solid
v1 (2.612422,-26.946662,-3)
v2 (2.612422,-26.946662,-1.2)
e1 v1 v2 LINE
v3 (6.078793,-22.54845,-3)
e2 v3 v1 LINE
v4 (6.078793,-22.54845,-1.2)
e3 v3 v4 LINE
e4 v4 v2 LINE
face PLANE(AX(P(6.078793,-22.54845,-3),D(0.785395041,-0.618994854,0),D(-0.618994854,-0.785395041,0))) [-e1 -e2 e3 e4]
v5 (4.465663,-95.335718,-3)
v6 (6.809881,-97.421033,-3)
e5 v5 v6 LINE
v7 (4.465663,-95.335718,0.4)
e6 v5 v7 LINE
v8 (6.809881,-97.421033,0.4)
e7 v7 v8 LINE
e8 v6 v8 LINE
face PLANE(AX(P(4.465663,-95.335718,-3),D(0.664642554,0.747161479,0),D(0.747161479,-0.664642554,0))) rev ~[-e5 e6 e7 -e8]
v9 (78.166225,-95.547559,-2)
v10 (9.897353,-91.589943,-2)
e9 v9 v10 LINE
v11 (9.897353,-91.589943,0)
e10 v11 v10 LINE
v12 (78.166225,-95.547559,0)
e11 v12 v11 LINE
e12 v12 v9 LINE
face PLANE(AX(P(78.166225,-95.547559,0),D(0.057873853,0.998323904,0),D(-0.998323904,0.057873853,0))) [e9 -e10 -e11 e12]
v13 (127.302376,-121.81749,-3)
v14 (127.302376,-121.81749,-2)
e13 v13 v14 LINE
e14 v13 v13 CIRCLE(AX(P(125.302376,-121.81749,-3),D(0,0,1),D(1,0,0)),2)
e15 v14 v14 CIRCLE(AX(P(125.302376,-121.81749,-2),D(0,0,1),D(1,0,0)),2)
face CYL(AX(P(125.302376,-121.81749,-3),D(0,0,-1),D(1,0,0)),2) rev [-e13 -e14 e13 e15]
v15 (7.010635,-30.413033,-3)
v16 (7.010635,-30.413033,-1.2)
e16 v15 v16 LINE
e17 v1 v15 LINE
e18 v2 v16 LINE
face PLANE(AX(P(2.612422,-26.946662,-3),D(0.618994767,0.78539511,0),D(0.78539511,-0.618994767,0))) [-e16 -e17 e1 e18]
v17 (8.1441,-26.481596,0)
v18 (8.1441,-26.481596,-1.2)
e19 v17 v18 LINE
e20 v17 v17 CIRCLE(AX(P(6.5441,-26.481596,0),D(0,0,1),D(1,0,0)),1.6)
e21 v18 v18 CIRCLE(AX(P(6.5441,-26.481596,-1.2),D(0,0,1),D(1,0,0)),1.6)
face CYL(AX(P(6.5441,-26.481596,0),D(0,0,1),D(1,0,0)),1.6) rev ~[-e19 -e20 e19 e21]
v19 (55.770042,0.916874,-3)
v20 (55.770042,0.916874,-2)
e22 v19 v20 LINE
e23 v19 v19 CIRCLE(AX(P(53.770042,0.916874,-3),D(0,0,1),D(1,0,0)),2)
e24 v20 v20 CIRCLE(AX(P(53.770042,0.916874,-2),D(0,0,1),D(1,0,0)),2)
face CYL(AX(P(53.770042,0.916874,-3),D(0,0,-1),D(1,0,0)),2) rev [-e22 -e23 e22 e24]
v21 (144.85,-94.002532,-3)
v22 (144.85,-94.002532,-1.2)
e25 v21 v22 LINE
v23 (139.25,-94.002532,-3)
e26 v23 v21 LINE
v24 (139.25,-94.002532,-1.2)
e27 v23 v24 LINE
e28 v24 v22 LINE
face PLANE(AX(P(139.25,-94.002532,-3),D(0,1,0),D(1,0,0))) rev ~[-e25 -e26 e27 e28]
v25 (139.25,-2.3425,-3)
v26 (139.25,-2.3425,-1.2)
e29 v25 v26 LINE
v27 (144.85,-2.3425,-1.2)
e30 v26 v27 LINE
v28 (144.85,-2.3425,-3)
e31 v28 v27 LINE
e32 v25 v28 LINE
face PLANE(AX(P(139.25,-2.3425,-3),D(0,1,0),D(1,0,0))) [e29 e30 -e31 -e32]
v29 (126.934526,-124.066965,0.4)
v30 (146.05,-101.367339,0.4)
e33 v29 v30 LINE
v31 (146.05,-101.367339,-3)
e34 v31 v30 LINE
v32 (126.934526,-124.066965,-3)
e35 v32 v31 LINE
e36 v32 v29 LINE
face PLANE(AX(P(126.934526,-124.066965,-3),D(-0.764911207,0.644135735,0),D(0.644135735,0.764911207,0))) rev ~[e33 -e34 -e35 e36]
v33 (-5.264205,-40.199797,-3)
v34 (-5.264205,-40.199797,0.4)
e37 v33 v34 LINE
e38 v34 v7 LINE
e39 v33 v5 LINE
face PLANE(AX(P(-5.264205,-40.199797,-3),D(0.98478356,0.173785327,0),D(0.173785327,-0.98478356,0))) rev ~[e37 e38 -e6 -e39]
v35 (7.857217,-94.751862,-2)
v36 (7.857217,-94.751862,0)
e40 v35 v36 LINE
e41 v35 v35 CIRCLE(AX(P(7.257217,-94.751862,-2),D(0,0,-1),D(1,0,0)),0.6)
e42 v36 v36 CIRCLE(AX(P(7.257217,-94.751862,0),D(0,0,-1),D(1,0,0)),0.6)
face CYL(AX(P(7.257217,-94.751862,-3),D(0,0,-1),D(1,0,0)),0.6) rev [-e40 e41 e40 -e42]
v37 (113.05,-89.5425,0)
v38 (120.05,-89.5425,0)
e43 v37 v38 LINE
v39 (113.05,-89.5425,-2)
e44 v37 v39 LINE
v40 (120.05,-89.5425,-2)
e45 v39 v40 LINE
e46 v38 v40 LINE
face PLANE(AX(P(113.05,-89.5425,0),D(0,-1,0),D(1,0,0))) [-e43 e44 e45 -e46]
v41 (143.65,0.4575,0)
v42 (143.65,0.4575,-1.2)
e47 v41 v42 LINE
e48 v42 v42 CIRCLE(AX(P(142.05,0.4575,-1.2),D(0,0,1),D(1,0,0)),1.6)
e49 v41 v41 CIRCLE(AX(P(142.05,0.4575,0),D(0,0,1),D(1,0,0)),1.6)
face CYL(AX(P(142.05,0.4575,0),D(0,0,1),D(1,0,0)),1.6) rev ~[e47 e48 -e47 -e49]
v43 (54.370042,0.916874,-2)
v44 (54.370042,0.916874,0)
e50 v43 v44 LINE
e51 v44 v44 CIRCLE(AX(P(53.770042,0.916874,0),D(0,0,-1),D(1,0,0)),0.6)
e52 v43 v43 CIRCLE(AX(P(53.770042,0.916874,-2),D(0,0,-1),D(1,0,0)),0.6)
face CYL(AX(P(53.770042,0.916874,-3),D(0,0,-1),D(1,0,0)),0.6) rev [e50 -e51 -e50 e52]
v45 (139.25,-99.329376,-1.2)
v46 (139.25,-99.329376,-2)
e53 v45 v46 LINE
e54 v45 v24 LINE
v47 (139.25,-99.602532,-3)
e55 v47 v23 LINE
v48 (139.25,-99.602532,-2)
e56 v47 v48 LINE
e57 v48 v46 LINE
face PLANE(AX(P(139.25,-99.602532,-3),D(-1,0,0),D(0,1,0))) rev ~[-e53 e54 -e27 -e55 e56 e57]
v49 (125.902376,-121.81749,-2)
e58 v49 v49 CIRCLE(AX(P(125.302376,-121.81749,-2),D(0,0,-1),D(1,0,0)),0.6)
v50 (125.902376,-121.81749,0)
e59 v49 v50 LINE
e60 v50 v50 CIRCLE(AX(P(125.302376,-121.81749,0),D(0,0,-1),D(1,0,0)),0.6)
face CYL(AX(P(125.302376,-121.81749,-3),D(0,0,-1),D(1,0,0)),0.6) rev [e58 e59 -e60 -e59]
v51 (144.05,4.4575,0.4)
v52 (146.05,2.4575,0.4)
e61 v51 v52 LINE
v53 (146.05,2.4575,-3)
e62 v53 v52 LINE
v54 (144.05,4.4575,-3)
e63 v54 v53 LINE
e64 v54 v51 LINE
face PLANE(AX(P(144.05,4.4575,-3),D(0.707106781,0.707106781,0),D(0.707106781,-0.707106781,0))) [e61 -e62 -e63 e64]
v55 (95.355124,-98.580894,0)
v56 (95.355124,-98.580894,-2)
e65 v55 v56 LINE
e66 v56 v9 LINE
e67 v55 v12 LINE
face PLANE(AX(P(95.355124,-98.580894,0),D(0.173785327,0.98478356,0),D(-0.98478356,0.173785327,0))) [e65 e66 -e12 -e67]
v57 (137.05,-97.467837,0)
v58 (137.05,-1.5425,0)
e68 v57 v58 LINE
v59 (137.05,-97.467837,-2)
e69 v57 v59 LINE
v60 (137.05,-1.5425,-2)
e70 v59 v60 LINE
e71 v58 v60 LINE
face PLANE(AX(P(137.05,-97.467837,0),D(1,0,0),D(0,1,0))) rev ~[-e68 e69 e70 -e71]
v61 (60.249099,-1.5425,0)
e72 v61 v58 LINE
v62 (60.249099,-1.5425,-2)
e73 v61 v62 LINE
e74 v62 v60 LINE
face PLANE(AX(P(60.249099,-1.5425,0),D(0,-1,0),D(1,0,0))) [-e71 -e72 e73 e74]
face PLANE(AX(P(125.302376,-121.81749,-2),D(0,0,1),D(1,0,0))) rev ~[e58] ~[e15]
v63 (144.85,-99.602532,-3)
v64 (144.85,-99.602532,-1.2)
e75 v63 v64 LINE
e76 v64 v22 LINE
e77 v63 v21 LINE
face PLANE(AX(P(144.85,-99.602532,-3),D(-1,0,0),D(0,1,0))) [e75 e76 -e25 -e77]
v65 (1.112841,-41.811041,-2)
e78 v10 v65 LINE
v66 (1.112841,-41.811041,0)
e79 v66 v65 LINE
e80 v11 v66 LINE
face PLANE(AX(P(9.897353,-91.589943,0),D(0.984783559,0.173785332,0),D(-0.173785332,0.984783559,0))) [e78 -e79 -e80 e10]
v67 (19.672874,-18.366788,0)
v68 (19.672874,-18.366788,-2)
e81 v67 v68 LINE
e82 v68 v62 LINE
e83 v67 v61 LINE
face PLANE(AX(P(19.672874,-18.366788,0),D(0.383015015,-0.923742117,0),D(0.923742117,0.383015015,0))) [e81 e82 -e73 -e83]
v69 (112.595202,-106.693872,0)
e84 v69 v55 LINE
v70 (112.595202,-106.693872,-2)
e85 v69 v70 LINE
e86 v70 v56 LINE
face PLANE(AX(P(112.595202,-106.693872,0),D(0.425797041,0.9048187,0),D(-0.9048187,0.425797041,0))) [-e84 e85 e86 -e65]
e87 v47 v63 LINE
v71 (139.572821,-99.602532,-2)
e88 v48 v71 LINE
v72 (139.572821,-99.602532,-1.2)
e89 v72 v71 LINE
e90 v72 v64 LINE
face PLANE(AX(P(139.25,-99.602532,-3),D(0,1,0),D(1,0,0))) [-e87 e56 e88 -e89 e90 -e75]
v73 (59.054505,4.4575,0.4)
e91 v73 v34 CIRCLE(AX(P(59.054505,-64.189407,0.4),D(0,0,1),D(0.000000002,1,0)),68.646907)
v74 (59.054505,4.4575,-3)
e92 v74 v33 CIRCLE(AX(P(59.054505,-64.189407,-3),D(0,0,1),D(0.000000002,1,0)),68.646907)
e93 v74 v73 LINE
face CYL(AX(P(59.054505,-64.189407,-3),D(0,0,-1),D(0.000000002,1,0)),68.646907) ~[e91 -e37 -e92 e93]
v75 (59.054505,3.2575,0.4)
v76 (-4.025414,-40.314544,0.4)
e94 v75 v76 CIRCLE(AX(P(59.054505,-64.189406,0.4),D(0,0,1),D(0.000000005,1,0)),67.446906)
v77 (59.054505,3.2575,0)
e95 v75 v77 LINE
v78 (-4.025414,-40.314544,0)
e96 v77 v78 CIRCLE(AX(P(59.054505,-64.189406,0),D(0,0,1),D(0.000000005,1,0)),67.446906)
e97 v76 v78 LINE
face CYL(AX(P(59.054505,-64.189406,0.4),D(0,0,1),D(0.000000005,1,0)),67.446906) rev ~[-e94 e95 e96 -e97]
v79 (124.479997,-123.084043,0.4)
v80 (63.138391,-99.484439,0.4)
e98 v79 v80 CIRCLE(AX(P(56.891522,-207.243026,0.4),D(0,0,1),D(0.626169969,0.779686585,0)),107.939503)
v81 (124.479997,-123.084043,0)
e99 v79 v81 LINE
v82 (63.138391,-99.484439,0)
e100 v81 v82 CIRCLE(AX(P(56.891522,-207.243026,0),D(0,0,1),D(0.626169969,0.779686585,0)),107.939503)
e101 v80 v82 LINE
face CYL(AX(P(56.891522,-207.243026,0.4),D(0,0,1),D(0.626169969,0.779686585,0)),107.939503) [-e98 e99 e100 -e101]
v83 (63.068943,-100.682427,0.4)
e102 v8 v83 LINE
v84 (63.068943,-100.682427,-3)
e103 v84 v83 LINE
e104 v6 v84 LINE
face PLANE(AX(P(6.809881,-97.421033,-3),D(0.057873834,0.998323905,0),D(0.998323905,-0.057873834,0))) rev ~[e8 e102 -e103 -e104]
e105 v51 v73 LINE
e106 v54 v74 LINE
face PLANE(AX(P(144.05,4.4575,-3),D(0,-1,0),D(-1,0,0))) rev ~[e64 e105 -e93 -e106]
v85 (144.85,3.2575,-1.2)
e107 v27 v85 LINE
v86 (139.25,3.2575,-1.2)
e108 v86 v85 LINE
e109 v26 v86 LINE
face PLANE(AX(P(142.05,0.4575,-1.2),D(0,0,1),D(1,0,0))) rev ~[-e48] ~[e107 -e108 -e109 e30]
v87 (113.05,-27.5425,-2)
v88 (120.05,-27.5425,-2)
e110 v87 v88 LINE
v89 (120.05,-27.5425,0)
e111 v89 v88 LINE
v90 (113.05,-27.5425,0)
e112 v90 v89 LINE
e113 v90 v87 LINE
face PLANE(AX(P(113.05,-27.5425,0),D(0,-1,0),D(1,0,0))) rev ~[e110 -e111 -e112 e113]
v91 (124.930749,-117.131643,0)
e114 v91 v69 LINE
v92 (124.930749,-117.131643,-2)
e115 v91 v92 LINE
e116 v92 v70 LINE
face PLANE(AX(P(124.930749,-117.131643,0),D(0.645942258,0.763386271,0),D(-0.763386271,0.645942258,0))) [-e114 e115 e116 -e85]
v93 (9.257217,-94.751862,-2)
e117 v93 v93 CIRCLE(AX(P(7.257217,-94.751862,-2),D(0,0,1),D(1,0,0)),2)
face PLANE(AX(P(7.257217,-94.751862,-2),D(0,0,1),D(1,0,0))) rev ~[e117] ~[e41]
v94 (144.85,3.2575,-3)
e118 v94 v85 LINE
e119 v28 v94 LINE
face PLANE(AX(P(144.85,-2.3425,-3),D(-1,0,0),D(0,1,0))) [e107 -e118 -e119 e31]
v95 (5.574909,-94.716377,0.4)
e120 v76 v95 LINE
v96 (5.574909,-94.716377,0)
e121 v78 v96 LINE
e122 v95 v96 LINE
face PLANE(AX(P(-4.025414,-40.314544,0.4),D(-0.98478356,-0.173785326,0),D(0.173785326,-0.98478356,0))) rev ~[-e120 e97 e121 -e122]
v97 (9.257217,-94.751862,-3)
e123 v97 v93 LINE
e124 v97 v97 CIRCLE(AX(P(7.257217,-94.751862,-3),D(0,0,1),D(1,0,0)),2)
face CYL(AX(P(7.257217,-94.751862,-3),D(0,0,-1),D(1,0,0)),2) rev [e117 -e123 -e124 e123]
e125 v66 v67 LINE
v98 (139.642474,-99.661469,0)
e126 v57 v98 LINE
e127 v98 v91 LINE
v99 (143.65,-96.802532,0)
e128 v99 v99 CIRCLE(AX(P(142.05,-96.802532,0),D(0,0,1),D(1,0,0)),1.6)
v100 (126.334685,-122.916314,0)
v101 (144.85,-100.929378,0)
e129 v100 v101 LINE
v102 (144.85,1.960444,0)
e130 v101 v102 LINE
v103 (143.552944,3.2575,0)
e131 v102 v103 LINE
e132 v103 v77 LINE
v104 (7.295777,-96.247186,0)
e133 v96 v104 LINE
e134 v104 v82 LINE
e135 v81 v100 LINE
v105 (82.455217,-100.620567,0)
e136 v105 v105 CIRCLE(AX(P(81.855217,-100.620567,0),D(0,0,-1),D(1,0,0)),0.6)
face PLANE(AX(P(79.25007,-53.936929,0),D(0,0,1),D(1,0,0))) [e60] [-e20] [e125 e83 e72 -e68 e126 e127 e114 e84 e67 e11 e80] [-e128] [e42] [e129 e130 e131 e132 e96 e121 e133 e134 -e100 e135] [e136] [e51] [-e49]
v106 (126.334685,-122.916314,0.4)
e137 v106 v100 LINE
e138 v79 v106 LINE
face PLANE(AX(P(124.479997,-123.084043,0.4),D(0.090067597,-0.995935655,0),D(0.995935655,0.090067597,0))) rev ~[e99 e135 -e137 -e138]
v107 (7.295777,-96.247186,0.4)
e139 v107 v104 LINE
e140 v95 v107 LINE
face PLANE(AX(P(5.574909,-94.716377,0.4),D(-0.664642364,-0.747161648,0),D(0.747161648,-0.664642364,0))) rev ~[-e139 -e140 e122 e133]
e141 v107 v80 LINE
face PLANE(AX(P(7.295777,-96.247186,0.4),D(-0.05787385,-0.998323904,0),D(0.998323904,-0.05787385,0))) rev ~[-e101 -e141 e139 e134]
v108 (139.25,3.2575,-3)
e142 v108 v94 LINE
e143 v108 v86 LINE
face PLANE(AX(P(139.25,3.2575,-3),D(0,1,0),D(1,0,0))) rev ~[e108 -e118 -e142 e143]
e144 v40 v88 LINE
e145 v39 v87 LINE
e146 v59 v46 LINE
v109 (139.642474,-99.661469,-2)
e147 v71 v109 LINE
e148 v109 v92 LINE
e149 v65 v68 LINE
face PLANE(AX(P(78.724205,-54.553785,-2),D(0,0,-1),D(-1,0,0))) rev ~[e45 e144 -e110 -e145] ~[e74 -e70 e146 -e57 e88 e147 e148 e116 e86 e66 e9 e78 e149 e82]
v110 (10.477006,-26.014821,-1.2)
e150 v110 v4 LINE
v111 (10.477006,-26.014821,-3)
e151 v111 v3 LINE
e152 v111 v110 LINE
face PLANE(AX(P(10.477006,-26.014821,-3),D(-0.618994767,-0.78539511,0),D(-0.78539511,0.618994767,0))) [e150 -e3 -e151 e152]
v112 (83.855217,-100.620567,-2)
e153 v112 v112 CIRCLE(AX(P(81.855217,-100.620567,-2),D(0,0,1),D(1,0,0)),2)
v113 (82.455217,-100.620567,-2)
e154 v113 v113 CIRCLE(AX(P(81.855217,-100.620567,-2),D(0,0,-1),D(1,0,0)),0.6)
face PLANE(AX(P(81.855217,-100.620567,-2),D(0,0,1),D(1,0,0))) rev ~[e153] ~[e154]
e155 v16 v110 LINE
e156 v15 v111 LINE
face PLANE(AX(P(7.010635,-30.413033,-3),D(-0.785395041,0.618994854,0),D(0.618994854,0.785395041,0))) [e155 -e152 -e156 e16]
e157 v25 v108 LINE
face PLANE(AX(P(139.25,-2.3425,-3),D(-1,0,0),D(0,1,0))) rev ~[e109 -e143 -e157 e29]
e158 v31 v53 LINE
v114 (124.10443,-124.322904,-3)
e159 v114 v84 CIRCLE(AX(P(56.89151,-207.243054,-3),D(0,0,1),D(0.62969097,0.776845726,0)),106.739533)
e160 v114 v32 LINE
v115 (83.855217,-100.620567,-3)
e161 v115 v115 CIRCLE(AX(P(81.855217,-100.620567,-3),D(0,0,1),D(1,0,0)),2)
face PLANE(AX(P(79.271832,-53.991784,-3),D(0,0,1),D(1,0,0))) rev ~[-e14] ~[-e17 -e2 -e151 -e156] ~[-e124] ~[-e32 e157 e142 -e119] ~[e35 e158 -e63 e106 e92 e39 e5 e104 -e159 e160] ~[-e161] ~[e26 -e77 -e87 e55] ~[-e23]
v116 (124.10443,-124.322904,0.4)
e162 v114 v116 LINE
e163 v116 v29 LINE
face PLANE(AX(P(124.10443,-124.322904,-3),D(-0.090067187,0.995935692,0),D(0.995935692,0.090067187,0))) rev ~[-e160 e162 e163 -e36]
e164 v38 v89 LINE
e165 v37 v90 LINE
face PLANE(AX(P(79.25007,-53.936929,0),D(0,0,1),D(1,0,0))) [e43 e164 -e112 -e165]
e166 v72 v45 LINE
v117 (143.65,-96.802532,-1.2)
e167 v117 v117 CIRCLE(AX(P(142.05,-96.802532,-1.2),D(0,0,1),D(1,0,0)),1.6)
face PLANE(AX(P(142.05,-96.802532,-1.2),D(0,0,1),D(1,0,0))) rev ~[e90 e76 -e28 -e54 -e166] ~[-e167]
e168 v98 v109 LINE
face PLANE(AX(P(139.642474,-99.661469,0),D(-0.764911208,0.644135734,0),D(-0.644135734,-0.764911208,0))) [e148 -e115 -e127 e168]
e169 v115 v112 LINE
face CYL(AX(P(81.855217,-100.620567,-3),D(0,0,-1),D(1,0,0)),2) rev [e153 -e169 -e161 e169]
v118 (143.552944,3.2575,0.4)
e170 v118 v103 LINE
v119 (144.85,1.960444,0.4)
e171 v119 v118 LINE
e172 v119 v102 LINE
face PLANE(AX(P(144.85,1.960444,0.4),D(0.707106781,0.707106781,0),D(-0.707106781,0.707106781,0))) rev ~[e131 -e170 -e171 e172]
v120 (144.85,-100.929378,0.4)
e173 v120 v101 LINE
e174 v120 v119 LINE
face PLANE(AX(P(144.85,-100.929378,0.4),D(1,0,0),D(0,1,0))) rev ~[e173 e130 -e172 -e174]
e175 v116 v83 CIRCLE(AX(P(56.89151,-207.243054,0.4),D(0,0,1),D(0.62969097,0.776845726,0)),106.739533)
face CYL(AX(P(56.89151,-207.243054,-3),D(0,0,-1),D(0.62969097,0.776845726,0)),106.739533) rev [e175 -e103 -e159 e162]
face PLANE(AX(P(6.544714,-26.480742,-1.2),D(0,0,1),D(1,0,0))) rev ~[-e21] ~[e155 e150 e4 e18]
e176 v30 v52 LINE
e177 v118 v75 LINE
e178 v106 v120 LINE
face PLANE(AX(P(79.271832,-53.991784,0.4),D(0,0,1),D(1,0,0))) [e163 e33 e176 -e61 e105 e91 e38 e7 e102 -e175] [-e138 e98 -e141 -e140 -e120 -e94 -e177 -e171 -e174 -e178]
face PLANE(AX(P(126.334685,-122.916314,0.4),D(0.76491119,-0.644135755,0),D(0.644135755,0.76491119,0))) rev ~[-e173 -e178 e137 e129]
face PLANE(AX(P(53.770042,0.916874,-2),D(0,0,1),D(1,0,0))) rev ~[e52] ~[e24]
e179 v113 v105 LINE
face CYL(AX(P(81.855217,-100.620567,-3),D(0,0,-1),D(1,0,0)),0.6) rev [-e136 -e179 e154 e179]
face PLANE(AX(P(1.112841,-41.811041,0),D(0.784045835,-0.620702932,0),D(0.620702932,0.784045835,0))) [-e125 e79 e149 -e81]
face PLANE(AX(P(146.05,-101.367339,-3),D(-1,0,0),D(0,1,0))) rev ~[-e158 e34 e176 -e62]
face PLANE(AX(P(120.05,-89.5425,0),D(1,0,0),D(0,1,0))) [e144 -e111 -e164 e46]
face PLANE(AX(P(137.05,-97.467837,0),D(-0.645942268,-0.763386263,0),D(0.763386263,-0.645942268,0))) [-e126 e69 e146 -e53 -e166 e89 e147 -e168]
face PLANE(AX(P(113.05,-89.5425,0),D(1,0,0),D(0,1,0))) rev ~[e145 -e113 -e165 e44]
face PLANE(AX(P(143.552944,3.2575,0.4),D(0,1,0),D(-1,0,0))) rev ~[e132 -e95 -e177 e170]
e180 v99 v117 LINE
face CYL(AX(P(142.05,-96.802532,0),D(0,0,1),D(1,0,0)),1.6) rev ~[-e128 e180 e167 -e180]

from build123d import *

# Parameters (mm, degrees)
PAD001_DEPTH         = 3.4
POCKET006_DEPTH      = 0.4
SKETCH011_R          = 1.6
SKETCH011_W          = 7
SKETCH011_H          = 62
POCKET007_DEPTH      = 2
SKETCH012_W          = 5.6
SKETCH012_H          = 5.6
POCKET008_DEPTH      = 1.8
SKETCH014_R          = 0.6
POCKET010_DEPTH      = 0.001
POCKET010_DEPTH_BACK = 3.401
SKETCH016_R          = 2
POCKET012_DEPTH      = 1


with BuildPart() as part:
    # Sketch009 → Pad001 (new body)
    with BuildSketch(Plane(origin=(-70.9, 59.5, 0), x_dir=(1, 0, 0), z_dir=(0, 0, 1))):
        with BuildLine():
            ThreePointArc((129.954505, -55.0425), (90.803609, -67.301419), (65.635795, -99.699797))
            Line((65.635795, -99.699797), (75.365663, -154.835718))
            Line((75.365663, -154.835718), (77.709881, -156.921033))
            Line((77.709881, -156.921033), (133.968943, -160.182427))
            ThreePointArc((195.00443, -183.822904), (166.343475, -167.208769), (133.968943, -160.182427))
            Line((195.00443, -183.822904), (197.834526, -183.566965))
            Line((197.834526, -183.566965), (216.95, -160.867339))
            Line((216.95, -160.867339), (216.95, -57.0425))
            Line((214.95, -55.0425), (216.95, -57.0425))
            Line((214.95, -55.0425), (129.954505, -55.0425))
        make_face()
    extrude(amount=PAD001_DEPTH)

    # Sketch010 → Pocket006 (cut)
    with BuildSketch(Plane(origin=(-70.9, 59.5, 3.4), x_dir=(1, 0, 0), z_dir=(0, 0, 1))):
        with BuildLine():
            ThreePointArc((129.954505, -56.2425), (91.621754, -68.194493), (66.874586, -99.814544))
            Line((66.874586, -99.814544), (76.474909, -154.216377))
            Line((76.474909, -154.216377), (78.195777, -155.747186))
            Line((78.195777, -155.747186), (134.038391, -158.984439))
            ThreePointArc((195.379997, -182.584043), (166.5491, -166.00184), (134.038391, -158.984439))
            Line((195.379997, -182.584043), (197.234685, -182.416314))
            Line((197.234685, -182.416314), (215.75, -160.429378))
            Line((215.75, -160.429378), (215.75, -57.539556))
            Line((215.75, -57.539556), (214.452944, -56.2425))
            Line((214.452944, -56.2425), (129.954505, -56.2425))
        make_face()
    extrude(amount=-POCKET006_DEPTH, mode=Mode.SUBTRACT)

    # Sketch011 → Pocket007 (cut)
    with BuildSketch(Plane(origin=(-70.9, 59.5, 3), x_dir=(1, 0, 0), z_dir=(0, 0, 1))):
        with Locations((212.95, -59.0425)):
            Circle(SKETCH011_R)
        with Locations((212.95, -156.302532)):
            Circle(SKETCH011_R)
        with Locations((77.4441, -85.981596)):
            Circle(SKETCH011_R)
        Polygon((72.012841, -101.311041), (90.572874, -77.866788), (131.149099, -61.0425), (207.95, -61.0425), (207.95, -87.0425), (207.95, -156.967837), (210.542474, -159.161469), (195.830749, -176.631643), (183.495202, -166.193872), (166.255124, -158.080894), (149.066225, -155.047559), (80.797353, -151.089943), align=None)
        with Locations((187.45, -118.0425)):
            Rectangle(SKETCH011_W, SKETCH011_H, mode=Mode.SUBTRACT)
    extrude(amount=-POCKET007_DEPTH, mode=Mode.SUBTRACT)

    # Sketch012 → Pocket008 (cut)
    with BuildSketch(Plane(origin=(-70.9, 59.5, 0), x_dir=(1, 0, 0), z_dir=(0, 0, 1))):
        Polygon((81.377006, -85.514821), (76.978793, -82.04845), (73.512422, -86.446662), (77.910635, -89.913033), align=None)
        with Locations((212.95, -59.0425)):
            Rectangle(SKETCH012_W, SKETCH012_H)
        with Locations((212.95, -156.302532)):
            Rectangle(SKETCH012_W, SKETCH012_H)
    extrude(amount=POCKET008_DEPTH, mode=Mode.SUBTRACT)

    # Sketch014 → Pocket010 (cut, two sides)
    with BuildSketch(Plane(origin=(-70.9, 59.5, 0), x_dir=(1, 0, 0), z_dir=(0, 0, 1))) as pocket010_sk:
        with Locations((78.157217, -154.251862)):
            Circle(SKETCH014_R)
        with Locations((152.755217, -160.120567)):
            Circle(SKETCH014_R)
        with Locations((124.670042, -58.583126)):
            Circle(SKETCH014_R)
        with Locations((196.202376, -181.31749)):
            Circle(SKETCH014_R)
    extrude(amount=-POCKET010_DEPTH, mode=Mode.SUBTRACT)
    extrude(pocket010_sk.sketch, amount=POCKET010_DEPTH_BACK, mode=Mode.SUBTRACT)

    # Sketch016 → Pocket012 (cut)
    with BuildSketch(Plane(origin=(-70.9, 59.5, 0), x_dir=(1, 0, 0), z_dir=(0, 0, 1))):
        with Locations((78.157217, -154.251862)):
            Circle(SKETCH016_R)
        with Locations((152.755217, -160.120567)):
            Circle(SKETCH016_R)
        with Locations((124.670042, -58.583126)):
            Circle(SKETCH016_R)
        with Locations((196.202376, -181.31749)):
            Circle(SKETCH016_R)
    extrude(amount=POCKET012_DEPTH, mode=Mode.SUBTRACT)


with BuildPart() as part_1:
    # Body001 placement: moved
    add(part.part.moved(Location((0, 0, -3))))


solid = part_1.part
